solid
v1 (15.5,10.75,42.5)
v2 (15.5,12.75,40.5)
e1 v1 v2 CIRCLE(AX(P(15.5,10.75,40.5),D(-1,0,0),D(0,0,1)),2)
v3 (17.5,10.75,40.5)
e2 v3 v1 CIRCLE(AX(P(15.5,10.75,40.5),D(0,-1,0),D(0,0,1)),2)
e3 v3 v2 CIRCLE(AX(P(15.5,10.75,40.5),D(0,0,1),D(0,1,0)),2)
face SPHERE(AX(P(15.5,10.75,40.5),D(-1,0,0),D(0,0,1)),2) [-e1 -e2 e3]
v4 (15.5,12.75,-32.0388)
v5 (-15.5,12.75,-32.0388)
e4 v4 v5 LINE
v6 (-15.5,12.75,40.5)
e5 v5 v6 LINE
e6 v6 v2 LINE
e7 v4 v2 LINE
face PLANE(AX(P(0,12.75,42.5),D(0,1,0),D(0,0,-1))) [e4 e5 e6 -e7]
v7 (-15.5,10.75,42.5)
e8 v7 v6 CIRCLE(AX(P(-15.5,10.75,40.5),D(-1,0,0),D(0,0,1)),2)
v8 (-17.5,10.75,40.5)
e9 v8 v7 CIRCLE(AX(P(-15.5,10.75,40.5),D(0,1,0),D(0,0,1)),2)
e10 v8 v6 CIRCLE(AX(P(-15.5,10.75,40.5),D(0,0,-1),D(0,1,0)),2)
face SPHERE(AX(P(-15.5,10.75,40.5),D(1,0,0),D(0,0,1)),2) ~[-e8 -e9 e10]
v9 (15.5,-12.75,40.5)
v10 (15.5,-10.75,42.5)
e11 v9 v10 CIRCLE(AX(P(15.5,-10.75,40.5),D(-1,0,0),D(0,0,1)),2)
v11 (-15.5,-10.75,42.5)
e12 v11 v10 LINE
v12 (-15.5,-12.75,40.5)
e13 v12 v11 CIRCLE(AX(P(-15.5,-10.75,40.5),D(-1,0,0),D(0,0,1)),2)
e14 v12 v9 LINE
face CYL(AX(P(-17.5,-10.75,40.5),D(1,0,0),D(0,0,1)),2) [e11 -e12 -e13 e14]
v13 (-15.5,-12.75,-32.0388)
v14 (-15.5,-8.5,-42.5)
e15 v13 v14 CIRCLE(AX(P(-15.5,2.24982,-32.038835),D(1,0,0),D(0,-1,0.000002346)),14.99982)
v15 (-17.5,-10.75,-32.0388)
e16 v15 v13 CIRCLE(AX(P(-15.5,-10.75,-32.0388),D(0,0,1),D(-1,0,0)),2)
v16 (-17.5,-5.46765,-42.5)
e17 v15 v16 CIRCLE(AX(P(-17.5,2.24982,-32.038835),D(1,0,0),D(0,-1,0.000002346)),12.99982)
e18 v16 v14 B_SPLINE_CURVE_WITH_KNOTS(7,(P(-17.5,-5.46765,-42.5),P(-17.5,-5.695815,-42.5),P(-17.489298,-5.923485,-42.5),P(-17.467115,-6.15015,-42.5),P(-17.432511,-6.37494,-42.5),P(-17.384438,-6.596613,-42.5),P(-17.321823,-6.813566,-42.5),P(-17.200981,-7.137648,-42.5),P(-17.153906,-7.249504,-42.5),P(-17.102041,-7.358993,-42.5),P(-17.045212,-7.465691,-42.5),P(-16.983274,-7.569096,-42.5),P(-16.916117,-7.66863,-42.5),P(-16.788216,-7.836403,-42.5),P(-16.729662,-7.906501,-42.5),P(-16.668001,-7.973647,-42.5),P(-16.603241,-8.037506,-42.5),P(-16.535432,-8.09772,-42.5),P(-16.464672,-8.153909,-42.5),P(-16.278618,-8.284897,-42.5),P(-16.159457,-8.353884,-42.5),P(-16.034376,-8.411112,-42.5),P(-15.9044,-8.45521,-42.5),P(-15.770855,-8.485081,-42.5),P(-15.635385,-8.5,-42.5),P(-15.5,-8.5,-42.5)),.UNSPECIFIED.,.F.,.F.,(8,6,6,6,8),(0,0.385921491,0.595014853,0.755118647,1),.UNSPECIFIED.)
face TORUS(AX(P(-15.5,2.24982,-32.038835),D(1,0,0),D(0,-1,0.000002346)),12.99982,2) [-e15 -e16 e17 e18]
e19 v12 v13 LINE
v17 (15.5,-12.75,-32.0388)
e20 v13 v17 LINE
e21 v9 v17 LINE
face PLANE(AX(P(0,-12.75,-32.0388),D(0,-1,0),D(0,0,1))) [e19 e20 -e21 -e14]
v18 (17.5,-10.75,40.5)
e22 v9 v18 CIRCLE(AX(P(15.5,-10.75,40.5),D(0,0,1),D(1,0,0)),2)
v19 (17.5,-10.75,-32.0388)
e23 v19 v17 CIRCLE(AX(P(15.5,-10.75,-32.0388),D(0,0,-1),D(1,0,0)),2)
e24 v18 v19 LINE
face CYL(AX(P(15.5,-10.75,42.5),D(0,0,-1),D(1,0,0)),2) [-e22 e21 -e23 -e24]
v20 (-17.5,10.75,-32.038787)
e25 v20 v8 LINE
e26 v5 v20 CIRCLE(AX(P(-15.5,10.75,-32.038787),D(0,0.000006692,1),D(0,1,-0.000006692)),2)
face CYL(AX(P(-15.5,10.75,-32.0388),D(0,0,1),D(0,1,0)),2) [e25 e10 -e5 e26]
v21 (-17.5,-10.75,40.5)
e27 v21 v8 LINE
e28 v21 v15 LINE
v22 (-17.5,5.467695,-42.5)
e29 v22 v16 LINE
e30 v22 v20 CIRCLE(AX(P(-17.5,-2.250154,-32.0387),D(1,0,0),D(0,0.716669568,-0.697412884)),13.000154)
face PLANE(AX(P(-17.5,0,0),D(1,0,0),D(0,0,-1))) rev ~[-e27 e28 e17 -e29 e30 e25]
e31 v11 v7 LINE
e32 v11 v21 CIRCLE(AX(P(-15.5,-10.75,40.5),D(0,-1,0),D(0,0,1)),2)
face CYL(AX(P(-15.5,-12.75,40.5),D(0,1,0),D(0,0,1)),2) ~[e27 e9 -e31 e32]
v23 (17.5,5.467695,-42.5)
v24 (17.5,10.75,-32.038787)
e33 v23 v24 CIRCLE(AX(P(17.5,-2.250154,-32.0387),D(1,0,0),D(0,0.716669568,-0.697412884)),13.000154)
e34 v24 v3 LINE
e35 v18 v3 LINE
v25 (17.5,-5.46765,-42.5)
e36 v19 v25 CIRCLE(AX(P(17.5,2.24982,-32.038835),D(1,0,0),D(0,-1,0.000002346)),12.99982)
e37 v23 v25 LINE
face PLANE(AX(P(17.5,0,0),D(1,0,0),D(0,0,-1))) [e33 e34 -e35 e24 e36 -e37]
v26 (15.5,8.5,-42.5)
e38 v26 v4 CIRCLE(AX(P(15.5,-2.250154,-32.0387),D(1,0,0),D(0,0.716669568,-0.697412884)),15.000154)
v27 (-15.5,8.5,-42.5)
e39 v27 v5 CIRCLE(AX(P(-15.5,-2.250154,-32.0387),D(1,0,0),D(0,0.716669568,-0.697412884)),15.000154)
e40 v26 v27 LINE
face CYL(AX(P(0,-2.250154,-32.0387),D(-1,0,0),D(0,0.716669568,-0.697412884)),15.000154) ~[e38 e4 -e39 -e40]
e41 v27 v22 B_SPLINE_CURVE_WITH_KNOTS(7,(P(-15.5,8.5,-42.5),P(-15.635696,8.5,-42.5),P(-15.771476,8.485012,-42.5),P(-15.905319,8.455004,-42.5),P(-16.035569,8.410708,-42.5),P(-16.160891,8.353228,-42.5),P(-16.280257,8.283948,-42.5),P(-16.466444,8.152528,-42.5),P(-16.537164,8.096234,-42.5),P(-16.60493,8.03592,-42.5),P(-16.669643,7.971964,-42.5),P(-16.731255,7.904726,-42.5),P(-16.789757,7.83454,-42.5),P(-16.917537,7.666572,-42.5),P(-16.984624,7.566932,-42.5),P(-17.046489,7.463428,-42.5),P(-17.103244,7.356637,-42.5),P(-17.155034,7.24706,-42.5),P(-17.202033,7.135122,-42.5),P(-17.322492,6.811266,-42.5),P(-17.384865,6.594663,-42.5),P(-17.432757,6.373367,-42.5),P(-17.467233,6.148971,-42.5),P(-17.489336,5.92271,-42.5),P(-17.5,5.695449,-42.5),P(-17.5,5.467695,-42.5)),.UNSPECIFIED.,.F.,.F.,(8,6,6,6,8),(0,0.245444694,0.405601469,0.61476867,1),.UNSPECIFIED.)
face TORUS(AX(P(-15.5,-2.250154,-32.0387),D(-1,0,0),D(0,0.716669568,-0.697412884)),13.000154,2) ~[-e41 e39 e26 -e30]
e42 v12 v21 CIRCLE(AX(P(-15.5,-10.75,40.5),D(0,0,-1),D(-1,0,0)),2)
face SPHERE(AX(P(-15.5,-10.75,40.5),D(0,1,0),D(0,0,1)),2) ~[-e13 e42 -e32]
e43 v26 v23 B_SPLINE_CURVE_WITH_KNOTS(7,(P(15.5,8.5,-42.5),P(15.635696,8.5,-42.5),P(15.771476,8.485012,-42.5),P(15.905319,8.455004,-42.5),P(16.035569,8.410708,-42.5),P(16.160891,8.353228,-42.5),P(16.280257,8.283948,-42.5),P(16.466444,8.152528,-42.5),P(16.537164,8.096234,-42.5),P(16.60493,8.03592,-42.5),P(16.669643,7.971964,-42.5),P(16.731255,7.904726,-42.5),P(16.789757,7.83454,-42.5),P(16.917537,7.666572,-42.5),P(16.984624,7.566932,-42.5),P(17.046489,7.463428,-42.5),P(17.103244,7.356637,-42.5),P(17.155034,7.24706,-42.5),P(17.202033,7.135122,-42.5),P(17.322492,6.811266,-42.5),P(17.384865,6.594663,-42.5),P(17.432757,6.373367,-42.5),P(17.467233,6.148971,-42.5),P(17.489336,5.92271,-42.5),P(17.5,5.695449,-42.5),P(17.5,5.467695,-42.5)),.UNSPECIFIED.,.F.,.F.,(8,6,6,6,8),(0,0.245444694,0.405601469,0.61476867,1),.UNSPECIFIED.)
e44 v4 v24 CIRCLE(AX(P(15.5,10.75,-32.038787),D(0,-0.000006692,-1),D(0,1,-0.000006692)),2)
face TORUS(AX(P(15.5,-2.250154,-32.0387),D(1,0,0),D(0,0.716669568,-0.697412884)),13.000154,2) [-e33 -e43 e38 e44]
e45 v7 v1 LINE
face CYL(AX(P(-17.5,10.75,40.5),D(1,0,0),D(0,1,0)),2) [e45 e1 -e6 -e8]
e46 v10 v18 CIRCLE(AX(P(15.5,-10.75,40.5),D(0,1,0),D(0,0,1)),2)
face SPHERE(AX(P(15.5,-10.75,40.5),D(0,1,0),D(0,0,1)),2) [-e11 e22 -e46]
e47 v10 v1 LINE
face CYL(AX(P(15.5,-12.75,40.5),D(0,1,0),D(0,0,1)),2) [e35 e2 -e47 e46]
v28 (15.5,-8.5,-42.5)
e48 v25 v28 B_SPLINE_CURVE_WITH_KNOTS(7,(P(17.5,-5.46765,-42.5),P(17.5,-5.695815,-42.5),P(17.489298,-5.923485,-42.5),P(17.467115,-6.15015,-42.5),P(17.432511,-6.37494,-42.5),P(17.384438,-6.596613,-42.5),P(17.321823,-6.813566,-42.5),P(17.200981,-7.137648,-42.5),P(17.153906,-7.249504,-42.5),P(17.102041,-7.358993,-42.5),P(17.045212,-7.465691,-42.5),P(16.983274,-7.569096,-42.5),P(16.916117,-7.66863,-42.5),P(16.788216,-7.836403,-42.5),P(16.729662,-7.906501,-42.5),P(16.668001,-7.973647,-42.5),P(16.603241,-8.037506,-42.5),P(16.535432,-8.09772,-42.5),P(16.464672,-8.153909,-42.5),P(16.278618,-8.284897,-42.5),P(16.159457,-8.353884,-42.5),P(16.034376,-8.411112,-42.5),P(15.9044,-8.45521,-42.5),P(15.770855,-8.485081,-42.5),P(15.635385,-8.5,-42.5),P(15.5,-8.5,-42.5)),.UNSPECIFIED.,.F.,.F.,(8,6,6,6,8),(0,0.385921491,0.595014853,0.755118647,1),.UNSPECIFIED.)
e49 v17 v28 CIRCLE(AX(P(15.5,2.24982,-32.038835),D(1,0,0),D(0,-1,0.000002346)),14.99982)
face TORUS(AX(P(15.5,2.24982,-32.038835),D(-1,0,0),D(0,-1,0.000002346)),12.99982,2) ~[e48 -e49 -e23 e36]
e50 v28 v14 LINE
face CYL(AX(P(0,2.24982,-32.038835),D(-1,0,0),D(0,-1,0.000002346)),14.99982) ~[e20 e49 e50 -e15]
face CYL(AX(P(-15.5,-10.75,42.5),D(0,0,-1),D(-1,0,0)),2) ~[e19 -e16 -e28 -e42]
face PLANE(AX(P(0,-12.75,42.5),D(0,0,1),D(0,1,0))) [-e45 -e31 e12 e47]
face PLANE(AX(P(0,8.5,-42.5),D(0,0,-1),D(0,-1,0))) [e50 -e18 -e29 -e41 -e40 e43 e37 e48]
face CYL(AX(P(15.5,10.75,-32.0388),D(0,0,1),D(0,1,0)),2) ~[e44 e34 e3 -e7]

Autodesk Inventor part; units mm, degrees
ref_plane "YZ Plane" through (0, 0, 0) normal (1, 0, 0) x (0, 1, 0)
ref_plane "XZ Plane" through (0, 0, 0) normal (0, 1, 0) x (-1, 0, 0)
ref_plane "XY Plane" through (0, 0, 0) normal (0, 0, 1) x (1, 0, 0)
sketch "スケッチ1" plane through (0, 0, 0) normal (1, 0, 0) x (0, 0, -1)
  line L0 (-42.5, 12.75) -> (32.0388, 12.75)
  line L1 (42.5, 12.75) -> (42.5, 8.5) construction
  line L2 (42.5, -12.75) -> (32.0388, -12.75) construction
  line L3 (-42.5, -12.75) -> (-42.5, 12.75)
  line L4 (0, 0) -> (44.8735, 0) construction
  line L5 (0, 0) -> (0, 24.3988) construction
  arc A0 (42.5, 8.5) -> (32.0388, 12.75) centre (32.0388, -2.25) ccw
  arc A1 (32.0388, -12.75) -> (42.5, -8.5) centre (32.0388, 2.25) ccw
  line L6 (32.0388, 12.75) -> (42.5, 12.75) construction
  line L7 (42.5, 8.5) -> (42.5, -8.5)
  line L8 (42.5, -8.5) -> (42.5, -12.75) construction
  line L9 (32.0388, -12.75) -> (-42.5, -12.75)
  dimension "d0" = 85
  dimension "d1" = 25.5
  dimension "d4" = 15
  dimension "d5" = 17
extrude "押し出し1" add sketch "スケッチ1" along normal mid plane 35
fillet "フィレット1" radius 2 12 edges at (0, 12.75, 42.5) (17.5, 0, 42.5) (17.5, 11.6469, -37.6846) (17.5, 12.75, 5.2306) (-17.5, 0, 42.5) (0, -12.75, 42.5) (17.5, -11.6469, -37.6846) (17.5, -12.75, 5.2306) (-17.5, -11.6469, -37.6846) (-17.5, -12.75, 5.2306) (-17.5, 11.6469, -37.6846) (-17.5, 12.75, 5.2306)
properties part number "KYPOM_K6_4S1500MAH"
